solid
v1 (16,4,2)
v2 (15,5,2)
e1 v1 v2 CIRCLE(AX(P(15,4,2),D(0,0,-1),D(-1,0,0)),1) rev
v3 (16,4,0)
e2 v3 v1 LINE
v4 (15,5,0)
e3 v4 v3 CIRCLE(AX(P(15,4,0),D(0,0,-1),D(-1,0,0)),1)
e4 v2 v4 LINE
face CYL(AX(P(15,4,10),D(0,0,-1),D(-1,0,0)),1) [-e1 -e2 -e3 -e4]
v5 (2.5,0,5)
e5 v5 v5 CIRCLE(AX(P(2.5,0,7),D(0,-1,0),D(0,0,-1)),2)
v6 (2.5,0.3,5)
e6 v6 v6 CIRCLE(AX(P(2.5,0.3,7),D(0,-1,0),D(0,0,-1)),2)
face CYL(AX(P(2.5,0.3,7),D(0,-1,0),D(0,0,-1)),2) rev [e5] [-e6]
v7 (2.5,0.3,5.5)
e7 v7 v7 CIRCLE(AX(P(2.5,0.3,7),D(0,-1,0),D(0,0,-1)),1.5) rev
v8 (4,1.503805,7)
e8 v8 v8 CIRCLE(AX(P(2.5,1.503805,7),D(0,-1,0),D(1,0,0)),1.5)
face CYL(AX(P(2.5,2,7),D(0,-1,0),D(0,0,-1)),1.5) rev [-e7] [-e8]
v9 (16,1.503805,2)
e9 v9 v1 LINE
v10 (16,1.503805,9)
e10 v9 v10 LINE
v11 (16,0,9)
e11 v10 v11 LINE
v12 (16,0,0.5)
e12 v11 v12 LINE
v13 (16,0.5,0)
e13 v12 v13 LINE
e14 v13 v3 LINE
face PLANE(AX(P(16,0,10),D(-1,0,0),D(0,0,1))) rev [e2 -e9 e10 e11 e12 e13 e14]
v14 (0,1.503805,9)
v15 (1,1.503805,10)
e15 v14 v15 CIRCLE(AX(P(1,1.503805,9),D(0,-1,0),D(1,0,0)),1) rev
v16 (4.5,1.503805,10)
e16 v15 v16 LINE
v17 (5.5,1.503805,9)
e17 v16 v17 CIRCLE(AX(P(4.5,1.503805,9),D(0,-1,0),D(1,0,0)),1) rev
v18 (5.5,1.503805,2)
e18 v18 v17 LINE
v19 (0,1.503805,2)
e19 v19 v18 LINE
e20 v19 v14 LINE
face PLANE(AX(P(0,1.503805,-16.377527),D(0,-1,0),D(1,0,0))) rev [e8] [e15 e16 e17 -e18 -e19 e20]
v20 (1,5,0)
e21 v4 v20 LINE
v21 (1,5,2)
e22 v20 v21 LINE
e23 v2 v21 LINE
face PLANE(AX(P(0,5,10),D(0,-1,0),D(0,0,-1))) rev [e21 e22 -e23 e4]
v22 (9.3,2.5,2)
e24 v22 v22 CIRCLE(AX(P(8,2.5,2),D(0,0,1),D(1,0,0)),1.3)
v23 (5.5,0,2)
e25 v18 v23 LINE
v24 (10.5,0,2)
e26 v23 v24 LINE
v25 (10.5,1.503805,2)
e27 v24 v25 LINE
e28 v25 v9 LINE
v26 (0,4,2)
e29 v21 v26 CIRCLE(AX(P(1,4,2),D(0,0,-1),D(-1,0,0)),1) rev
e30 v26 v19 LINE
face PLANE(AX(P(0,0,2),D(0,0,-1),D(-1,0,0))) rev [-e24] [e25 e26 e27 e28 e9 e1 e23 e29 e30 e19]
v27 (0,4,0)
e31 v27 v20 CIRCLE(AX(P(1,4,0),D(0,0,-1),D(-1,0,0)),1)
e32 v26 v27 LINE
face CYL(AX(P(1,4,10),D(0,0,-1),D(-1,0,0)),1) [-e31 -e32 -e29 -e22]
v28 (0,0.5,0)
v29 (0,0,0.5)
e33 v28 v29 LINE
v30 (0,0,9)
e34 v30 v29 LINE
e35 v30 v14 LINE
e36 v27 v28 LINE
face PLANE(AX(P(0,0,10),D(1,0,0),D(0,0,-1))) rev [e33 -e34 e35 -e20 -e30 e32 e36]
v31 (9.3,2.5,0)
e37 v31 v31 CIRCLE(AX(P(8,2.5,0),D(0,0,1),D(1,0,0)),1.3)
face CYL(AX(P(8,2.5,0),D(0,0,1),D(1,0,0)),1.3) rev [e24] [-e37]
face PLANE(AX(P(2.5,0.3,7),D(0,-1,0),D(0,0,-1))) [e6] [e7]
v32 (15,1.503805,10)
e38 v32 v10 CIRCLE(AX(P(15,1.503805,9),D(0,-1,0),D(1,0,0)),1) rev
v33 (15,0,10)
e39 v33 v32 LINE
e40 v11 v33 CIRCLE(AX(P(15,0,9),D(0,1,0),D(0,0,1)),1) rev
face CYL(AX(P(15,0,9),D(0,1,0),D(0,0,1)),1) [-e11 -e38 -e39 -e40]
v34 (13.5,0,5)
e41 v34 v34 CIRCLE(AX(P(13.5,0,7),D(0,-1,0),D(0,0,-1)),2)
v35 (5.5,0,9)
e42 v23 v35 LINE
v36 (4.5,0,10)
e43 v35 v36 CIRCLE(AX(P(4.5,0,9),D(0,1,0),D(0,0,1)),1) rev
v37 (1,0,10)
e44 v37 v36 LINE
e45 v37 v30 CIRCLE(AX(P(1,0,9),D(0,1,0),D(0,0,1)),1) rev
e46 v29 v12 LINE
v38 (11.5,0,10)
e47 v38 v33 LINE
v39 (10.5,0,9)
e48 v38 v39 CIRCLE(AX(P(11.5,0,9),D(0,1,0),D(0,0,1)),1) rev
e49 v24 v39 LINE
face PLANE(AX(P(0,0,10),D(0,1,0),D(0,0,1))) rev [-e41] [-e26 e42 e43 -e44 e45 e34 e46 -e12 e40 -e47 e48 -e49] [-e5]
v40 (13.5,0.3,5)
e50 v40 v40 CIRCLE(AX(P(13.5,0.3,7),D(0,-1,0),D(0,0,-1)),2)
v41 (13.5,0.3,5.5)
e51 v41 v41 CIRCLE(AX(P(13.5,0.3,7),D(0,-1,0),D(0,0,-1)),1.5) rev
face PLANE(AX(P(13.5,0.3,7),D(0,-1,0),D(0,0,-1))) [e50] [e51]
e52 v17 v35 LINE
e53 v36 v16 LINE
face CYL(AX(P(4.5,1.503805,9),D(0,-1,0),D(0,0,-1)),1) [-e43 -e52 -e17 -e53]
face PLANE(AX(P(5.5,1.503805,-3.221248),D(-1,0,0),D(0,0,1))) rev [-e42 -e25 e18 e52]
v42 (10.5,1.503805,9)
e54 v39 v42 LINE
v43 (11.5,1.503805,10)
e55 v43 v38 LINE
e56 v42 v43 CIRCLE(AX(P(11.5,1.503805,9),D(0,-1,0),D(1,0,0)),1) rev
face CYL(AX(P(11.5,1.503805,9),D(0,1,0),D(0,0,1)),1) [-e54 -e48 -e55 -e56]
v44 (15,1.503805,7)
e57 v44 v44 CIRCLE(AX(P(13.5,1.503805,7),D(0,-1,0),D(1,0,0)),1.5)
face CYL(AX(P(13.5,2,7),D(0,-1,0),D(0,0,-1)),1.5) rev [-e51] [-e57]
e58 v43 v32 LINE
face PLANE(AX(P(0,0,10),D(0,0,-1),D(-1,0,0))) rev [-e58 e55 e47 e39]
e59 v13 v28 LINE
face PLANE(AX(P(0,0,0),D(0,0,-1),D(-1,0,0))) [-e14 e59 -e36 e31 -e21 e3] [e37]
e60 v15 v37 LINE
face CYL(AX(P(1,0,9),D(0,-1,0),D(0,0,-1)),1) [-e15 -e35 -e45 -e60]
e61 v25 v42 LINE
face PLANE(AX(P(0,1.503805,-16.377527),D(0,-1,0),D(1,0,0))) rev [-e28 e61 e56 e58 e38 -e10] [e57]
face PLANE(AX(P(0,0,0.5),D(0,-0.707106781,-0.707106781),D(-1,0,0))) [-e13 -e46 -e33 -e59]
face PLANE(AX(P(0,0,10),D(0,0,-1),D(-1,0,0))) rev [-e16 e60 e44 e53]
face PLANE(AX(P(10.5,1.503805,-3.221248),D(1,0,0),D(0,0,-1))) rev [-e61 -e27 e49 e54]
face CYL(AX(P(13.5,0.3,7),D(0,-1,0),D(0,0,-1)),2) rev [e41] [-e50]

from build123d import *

# Parameters (mm, degrees)
SKETCH_1_W          = 16
SKETCH_1_H          = 5
EXTRUDE_1_DEPTH     = 10
SKETCH_2_W          = 16
SKETCH_2_H          = 3.496194888
CUT_EXTRUDE_1_DEPTH = 8
SKETCH_4_W          = 5
SKETCH_4_H          = 1.503805112
CUT_EXTRUDE_3_DEPTH = 8
SKETCH_3_R          = 1.3
CUT_EXTRUDE_2_DEPTH = 2
SKETCH_5_R          = 1.5
CUT_EXTRUDE_5_DEPTH = 2
SKETCH_6_R          = 2
CUT_EXTRUDE_6_DEPTH = 0.3
FILLET_1_R          = 1
FILLET_2_R          = 1
CHAMFER_1_SIZE      = 0.5


with BuildPart() as part:
    # 草图1 → 凸台-拉伸1 (new body)
    with BuildSketch(Plane.XY):
        with Locations((8, 2.5)):
            Rectangle(SKETCH_1_W, SKETCH_1_H)
    extrude(amount=EXTRUDE_1_DEPTH)

    # 草图2 → 切除-拉伸1 (cut)
    with BuildSketch(Plane.XY.offset(10)):
        with Locations((8, 3.251902556)):
            Rectangle(SKETCH_2_W, SKETCH_2_H)
    extrude(amount=-CUT_EXTRUDE_1_DEPTH, mode=Mode.SUBTRACT)

    # 草图4 → 切除-拉伸3 (cut)
    with BuildSketch(Plane.XY.offset(10)):
        with Locations((8, 0.751902556)):
            Rectangle(SKETCH_4_W, SKETCH_4_H)
    extrude(amount=-CUT_EXTRUDE_3_DEPTH, mode=Mode.SUBTRACT)

    # 草图3 → 切除-拉伸2 (cut)
    with BuildSketch(Plane.XY.offset(2)):
        with Locations((8, 2.5)):
            Circle(SKETCH_3_R)
    extrude(amount=-CUT_EXTRUDE_2_DEPTH, mode=Mode.SUBTRACT)

    # 草图5 → 切除-拉伸5 (cut)
    with BuildSketch(Plane.XZ):
        with Locations(Location((2.5, 7, 0), (0, 0, 270))):
            Circle(SKETCH_5_R)
        with Locations(Location((13.5, 7, 0), (0, 0, 270))):
            Circle(SKETCH_5_R)
    extrude(amount=-CUT_EXTRUDE_5_DEPTH, mode=Mode.SUBTRACT)

    # 草图6 → 切除-拉伸6 (cut)
    with BuildSketch(Plane.XZ):
        with Locations(Location((2.5, 7, 0), (0, 0, 270))):
            Circle(SKETCH_6_R)
        with Locations(Location((13.5, 7, 0), (0, 0, 270))):
            Circle(SKETCH_6_R)
    extrude(amount=-CUT_EXTRUDE_6_DEPTH, mode=Mode.SUBTRACT)

    # 圆角1
    fillet_1_edges = [part.edges().sort_by_distance(p)[0] for p in [
        (0, 5, 1),
        (16, 5, 1),
    ]]
    fillet(fillet_1_edges, radius=FILLET_1_R)

    # 圆角2
    fillet_2_edges = [part.edges().sort_by_distance(p)[0] for p in [
        (16, 0.751902556, 10),
        (0, 0.751902556, 10),
        (5.5, 0.751902556, 10),
        (10.5, 0.751902556, 10),
    ]]
    fillet(fillet_2_edges, radius=FILLET_2_R)

    # 倒角1
    chamfer_1_edges = [part.edges().sort_by_distance(p)[0] for p in [
        (8, 0, 0),
    ]]
    chamfer(chamfer_1_edges, length=CHAMFER_1_SIZE)


solid = part.part
